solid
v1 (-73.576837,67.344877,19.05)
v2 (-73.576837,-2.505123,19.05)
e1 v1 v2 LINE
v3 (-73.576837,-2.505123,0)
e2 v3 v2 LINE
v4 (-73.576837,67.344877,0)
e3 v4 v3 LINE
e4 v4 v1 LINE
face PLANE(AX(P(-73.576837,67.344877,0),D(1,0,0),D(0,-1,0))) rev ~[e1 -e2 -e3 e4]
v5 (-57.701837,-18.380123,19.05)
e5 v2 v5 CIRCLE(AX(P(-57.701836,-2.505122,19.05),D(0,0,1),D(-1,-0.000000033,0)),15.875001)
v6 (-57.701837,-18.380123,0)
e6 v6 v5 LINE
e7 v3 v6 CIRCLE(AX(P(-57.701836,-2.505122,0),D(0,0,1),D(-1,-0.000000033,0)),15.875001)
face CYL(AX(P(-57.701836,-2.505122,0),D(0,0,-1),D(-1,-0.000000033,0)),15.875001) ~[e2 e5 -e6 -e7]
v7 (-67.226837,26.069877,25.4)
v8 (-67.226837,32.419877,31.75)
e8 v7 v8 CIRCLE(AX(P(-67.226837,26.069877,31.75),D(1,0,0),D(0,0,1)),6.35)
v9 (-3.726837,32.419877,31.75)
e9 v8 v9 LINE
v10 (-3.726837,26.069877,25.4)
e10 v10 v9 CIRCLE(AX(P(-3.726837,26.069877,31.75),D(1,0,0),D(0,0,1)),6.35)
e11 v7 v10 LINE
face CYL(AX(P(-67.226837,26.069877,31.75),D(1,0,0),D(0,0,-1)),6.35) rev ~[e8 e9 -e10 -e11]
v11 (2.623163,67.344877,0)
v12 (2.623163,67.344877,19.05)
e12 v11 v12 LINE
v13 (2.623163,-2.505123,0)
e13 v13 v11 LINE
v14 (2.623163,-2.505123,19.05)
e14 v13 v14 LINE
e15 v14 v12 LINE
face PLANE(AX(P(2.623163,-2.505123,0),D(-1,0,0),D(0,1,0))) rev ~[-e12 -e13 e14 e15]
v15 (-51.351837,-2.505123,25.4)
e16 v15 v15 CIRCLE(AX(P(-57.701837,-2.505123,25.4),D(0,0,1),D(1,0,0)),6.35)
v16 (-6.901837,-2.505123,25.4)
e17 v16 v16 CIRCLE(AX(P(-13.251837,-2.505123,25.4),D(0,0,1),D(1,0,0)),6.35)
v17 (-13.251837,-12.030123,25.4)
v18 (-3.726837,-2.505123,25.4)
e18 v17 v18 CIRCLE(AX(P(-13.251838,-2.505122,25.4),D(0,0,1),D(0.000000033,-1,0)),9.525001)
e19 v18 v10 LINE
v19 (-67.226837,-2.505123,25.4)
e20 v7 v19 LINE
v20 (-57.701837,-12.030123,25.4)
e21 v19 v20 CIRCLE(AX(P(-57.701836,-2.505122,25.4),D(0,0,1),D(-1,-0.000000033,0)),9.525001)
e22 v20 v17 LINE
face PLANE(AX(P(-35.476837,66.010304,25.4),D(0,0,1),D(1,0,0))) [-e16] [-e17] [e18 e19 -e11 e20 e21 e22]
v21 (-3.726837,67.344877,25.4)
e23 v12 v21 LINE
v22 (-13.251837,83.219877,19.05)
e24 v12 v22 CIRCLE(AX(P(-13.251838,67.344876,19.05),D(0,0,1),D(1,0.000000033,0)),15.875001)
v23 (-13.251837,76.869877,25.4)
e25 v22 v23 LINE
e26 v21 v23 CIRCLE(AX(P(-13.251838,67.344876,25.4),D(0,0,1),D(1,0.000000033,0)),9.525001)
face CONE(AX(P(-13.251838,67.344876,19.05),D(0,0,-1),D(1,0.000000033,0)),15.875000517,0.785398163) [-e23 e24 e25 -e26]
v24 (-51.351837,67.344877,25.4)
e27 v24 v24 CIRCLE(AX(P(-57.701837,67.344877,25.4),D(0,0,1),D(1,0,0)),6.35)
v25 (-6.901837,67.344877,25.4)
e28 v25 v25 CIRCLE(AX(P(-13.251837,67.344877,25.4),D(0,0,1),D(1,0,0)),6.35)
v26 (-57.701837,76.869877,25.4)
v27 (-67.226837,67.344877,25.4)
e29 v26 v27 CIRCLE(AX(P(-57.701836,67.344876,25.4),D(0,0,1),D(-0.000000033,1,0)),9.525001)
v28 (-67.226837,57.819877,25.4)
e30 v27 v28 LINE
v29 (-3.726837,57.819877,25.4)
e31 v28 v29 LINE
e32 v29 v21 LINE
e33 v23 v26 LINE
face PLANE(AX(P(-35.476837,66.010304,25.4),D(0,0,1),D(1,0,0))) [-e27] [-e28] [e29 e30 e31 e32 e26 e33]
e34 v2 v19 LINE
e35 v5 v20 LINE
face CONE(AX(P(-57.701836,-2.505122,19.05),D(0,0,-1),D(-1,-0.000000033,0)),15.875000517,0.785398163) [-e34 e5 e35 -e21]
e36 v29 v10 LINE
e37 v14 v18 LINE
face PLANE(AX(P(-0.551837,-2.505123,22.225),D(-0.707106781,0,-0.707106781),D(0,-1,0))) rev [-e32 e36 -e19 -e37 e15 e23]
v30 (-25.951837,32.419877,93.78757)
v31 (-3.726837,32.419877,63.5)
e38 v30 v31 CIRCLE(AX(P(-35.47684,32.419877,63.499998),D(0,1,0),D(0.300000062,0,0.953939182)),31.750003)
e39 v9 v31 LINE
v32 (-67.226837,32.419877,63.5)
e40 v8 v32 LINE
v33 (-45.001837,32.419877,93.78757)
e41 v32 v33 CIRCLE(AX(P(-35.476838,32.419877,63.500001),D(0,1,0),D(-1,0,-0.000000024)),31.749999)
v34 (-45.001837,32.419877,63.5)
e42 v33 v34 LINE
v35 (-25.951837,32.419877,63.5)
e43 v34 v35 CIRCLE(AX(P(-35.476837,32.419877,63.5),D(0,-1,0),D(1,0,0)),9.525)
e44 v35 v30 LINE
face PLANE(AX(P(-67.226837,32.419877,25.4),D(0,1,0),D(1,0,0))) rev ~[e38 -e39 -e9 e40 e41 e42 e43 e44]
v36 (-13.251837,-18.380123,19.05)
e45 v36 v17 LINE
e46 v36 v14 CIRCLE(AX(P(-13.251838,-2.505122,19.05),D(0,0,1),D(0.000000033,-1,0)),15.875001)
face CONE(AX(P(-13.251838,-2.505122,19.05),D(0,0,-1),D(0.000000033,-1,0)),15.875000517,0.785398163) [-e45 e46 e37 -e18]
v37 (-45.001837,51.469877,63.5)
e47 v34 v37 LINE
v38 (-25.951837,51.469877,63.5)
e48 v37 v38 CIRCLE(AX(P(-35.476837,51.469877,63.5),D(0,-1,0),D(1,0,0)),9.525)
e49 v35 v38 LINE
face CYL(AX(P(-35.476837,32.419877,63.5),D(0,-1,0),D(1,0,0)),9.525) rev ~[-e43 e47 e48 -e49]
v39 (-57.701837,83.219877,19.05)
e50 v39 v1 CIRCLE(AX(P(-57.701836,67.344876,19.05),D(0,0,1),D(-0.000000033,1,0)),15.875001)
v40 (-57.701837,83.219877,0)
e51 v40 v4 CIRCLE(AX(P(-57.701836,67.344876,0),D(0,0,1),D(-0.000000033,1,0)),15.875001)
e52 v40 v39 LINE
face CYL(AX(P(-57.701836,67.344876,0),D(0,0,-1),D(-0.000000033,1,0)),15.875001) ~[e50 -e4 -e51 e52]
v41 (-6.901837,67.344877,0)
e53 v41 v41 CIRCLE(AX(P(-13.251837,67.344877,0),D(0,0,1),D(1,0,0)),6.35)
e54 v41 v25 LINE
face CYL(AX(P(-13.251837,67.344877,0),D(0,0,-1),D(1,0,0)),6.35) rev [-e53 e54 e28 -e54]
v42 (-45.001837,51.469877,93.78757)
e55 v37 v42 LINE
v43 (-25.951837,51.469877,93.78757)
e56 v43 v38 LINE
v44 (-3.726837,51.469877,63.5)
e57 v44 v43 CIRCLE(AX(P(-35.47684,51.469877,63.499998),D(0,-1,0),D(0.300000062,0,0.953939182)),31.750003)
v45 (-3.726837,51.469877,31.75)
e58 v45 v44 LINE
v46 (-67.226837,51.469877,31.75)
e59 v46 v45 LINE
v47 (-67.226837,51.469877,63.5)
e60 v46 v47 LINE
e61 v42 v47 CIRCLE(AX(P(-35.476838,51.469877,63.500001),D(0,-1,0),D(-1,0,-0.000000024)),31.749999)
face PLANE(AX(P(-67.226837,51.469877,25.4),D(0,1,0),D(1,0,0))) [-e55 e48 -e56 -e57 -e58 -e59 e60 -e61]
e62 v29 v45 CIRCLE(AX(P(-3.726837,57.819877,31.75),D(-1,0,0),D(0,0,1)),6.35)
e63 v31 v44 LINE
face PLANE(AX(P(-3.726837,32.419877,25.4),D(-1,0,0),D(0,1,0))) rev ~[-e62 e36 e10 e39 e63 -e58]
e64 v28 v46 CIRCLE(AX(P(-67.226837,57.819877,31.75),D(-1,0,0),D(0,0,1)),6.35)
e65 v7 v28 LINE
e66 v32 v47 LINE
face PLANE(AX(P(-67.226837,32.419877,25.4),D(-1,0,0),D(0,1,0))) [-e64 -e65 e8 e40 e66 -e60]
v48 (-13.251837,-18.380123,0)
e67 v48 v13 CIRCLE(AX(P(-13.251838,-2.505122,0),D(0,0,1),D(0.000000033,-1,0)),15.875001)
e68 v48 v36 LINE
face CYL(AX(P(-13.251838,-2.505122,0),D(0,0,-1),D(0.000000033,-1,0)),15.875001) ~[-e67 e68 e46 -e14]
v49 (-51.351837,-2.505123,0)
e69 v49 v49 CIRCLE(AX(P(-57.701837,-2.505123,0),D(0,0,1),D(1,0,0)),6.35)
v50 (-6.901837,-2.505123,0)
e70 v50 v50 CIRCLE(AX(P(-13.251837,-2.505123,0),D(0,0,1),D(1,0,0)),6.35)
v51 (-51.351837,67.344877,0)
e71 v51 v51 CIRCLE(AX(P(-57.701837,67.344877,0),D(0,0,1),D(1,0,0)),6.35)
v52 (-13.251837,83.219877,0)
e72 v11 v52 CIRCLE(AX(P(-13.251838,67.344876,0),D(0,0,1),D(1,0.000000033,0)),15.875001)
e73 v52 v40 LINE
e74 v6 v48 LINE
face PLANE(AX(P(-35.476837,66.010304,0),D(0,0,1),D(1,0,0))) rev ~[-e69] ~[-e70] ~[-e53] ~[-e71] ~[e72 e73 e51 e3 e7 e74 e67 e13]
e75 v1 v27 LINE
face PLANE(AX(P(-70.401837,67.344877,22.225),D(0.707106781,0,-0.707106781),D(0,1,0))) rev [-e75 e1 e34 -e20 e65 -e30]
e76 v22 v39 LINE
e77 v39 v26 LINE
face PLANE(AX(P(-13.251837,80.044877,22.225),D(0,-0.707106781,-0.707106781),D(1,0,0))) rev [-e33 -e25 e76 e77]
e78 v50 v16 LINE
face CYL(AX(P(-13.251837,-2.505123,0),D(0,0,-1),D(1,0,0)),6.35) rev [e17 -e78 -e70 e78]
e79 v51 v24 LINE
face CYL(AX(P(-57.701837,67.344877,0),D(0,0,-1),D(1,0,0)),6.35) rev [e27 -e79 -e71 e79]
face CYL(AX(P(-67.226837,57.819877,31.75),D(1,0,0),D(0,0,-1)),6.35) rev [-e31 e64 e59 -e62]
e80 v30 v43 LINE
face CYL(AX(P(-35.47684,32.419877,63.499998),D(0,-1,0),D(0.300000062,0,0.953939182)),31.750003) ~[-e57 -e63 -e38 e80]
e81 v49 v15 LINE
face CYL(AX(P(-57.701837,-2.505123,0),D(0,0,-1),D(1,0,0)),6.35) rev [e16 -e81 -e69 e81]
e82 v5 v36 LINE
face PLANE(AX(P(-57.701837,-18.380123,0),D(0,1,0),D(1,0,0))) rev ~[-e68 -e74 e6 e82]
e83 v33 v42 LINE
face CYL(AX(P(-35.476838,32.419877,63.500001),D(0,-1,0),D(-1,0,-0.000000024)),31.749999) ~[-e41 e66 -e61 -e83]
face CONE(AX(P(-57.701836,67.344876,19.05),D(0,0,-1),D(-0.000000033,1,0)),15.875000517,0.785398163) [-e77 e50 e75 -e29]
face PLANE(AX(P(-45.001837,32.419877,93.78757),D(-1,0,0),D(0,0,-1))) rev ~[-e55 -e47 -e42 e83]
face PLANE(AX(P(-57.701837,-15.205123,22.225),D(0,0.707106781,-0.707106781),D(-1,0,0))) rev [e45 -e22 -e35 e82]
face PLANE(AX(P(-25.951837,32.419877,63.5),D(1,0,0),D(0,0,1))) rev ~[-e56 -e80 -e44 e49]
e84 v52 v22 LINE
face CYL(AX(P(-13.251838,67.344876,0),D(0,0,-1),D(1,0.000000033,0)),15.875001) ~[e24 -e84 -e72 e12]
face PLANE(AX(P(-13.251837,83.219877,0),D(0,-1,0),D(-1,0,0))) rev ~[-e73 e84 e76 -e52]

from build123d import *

# Parameters (mm, degrees)
F0_R     = 6.35
F1_DEPTH = 25.4
F2_SIZE  = 6.35
F3_W     = 63.5
F3_H     = 19.05
F4_DEPTH = 95.25
F6_DEPTH = 25.4
F7_R     = 6.35


with BuildPart() as f1:
    # F0 (on Top) → F1 (new body)
    with BuildSketch(Plane.XY):
        with BuildLine():
            Line((-13.251837, 83.219877), (-57.701837, 83.219877))
            ThreePointArc((-57.701837, 83.219877), (-68.927157, 78.570197), (-73.576837, 67.344877))
            Line((-73.576837, 67.344877), (-73.576837, 51.469877))
            Line((-73.576837, 51.469877), (2.623163, 51.469877))
            Line((2.623163, 51.469877), (2.623163, 67.344877))
            ThreePointArc((2.623163, 67.344877), (-2.026517, 78.570197), (-13.251837, 83.219877))
        make_face()
        with Locations((-57.701837, 67.344877)):
            Circle(F0_R, mode=Mode.SUBTRACT)
        with Locations((-13.251837, 67.344877)):
            Circle(F0_R, mode=Mode.SUBTRACT)
        Polygon((2.623163, 51.469877), (-73.576837, 51.469877), (-73.576837, 50.740071), (-73.576837, 32.419877), (2.623163, 32.419877), align=None)
        with BuildLine():
            Line((2.623163, -2.505123), (2.623163, 32.419877))
            Line((2.623163, 32.419877), (-73.576837, 32.419877))
            Line((-73.576837, 32.419877), (-73.576837, -2.505123))
            ThreePointArc((-73.576837, -2.505123), (-68.927157, -13.730443), (-57.701837, -18.380123))
            Line((-57.701837, -18.380123), (-13.251837, -18.380123))
            ThreePointArc((-13.251837, -18.380123), (-2.026517, -13.730443), (2.623163, -2.505123))
        make_face()
        with Locations((-57.701837, -2.505123)):
            Circle(F0_R, mode=Mode.SUBTRACT)
        with Locations((-13.251837, -2.505123)):
            Circle(F0_R, mode=Mode.SUBTRACT)
    extrude(amount=F1_DEPTH)

    # F2
    f2_edges = [f1.edges().sort_by_distance(p)[0] for p in [
        (-35.476837, 83.219877, 25.4),
    ]]
    chamfer(f2_edges, length=F2_SIZE)

    # F3 (on face) → F4 (join)
    with BuildSketch(Plane.XY.offset(25.4)):
        with Locations((-35.476837, 41.944877)):
            Rectangle(F3_W, F3_H)
    extrude(amount=F4_DEPTH)

    # F5 (on face) → F6 (cut)
    with BuildSketch(Plane.XZ.offset(-32.419877)):
        with BuildLine():
            ThreePointArc((-45.001837, 93.78757), (-35.476837, 95.25), (-25.951837, 93.78757))
            ThreePointArc((-25.951837, 93.78757), (-9.879169, 82.283553), (-3.726837, 63.5))
            Line((-3.726837, 63.5), (-3.726837, 120.65))
            Line((-3.726837, 120.65), (-67.226837, 120.65))
            Line((-67.226837, 120.65), (-67.226837, 63.5))
            ThreePointArc((-67.226837, 63.5), (-61.074506, 82.283553), (-45.001837, 93.78757))
        make_face()
        with BuildLine():
            ThreePointArc((-45.001837, 63.5), (-35.476837, 73.025), (-25.951837, 63.5))
            Line((-25.951837, 63.5), (-25.951837, 93.78757))
            ThreePointArc((-25.951837, 93.78757), (-35.476837, 95.25), (-45.001837, 93.78757))
            Line((-45.001837, 93.78757), (-45.001837, 63.5))
        make_face()
        with BuildLine():
            ThreePointArc((-45.001837, 63.5), (-35.476837, 53.975), (-25.951837, 63.5))
            ThreePointArc((-25.951837, 63.5), (-35.476837, 73.025), (-45.001837, 63.5))
        make_face()
    extrude(amount=-F6_DEPTH, mode=Mode.SUBTRACT)

    # F7
    f7_edges = [f1.edges().sort_by_distance(p)[0] for p in [
        (-35.476837, 51.469877, 25.4),
        (-35.476837, 32.419877, 25.4),
    ]]
    fillet(f7_edges, radius=F7_R)


solid = f1.part
